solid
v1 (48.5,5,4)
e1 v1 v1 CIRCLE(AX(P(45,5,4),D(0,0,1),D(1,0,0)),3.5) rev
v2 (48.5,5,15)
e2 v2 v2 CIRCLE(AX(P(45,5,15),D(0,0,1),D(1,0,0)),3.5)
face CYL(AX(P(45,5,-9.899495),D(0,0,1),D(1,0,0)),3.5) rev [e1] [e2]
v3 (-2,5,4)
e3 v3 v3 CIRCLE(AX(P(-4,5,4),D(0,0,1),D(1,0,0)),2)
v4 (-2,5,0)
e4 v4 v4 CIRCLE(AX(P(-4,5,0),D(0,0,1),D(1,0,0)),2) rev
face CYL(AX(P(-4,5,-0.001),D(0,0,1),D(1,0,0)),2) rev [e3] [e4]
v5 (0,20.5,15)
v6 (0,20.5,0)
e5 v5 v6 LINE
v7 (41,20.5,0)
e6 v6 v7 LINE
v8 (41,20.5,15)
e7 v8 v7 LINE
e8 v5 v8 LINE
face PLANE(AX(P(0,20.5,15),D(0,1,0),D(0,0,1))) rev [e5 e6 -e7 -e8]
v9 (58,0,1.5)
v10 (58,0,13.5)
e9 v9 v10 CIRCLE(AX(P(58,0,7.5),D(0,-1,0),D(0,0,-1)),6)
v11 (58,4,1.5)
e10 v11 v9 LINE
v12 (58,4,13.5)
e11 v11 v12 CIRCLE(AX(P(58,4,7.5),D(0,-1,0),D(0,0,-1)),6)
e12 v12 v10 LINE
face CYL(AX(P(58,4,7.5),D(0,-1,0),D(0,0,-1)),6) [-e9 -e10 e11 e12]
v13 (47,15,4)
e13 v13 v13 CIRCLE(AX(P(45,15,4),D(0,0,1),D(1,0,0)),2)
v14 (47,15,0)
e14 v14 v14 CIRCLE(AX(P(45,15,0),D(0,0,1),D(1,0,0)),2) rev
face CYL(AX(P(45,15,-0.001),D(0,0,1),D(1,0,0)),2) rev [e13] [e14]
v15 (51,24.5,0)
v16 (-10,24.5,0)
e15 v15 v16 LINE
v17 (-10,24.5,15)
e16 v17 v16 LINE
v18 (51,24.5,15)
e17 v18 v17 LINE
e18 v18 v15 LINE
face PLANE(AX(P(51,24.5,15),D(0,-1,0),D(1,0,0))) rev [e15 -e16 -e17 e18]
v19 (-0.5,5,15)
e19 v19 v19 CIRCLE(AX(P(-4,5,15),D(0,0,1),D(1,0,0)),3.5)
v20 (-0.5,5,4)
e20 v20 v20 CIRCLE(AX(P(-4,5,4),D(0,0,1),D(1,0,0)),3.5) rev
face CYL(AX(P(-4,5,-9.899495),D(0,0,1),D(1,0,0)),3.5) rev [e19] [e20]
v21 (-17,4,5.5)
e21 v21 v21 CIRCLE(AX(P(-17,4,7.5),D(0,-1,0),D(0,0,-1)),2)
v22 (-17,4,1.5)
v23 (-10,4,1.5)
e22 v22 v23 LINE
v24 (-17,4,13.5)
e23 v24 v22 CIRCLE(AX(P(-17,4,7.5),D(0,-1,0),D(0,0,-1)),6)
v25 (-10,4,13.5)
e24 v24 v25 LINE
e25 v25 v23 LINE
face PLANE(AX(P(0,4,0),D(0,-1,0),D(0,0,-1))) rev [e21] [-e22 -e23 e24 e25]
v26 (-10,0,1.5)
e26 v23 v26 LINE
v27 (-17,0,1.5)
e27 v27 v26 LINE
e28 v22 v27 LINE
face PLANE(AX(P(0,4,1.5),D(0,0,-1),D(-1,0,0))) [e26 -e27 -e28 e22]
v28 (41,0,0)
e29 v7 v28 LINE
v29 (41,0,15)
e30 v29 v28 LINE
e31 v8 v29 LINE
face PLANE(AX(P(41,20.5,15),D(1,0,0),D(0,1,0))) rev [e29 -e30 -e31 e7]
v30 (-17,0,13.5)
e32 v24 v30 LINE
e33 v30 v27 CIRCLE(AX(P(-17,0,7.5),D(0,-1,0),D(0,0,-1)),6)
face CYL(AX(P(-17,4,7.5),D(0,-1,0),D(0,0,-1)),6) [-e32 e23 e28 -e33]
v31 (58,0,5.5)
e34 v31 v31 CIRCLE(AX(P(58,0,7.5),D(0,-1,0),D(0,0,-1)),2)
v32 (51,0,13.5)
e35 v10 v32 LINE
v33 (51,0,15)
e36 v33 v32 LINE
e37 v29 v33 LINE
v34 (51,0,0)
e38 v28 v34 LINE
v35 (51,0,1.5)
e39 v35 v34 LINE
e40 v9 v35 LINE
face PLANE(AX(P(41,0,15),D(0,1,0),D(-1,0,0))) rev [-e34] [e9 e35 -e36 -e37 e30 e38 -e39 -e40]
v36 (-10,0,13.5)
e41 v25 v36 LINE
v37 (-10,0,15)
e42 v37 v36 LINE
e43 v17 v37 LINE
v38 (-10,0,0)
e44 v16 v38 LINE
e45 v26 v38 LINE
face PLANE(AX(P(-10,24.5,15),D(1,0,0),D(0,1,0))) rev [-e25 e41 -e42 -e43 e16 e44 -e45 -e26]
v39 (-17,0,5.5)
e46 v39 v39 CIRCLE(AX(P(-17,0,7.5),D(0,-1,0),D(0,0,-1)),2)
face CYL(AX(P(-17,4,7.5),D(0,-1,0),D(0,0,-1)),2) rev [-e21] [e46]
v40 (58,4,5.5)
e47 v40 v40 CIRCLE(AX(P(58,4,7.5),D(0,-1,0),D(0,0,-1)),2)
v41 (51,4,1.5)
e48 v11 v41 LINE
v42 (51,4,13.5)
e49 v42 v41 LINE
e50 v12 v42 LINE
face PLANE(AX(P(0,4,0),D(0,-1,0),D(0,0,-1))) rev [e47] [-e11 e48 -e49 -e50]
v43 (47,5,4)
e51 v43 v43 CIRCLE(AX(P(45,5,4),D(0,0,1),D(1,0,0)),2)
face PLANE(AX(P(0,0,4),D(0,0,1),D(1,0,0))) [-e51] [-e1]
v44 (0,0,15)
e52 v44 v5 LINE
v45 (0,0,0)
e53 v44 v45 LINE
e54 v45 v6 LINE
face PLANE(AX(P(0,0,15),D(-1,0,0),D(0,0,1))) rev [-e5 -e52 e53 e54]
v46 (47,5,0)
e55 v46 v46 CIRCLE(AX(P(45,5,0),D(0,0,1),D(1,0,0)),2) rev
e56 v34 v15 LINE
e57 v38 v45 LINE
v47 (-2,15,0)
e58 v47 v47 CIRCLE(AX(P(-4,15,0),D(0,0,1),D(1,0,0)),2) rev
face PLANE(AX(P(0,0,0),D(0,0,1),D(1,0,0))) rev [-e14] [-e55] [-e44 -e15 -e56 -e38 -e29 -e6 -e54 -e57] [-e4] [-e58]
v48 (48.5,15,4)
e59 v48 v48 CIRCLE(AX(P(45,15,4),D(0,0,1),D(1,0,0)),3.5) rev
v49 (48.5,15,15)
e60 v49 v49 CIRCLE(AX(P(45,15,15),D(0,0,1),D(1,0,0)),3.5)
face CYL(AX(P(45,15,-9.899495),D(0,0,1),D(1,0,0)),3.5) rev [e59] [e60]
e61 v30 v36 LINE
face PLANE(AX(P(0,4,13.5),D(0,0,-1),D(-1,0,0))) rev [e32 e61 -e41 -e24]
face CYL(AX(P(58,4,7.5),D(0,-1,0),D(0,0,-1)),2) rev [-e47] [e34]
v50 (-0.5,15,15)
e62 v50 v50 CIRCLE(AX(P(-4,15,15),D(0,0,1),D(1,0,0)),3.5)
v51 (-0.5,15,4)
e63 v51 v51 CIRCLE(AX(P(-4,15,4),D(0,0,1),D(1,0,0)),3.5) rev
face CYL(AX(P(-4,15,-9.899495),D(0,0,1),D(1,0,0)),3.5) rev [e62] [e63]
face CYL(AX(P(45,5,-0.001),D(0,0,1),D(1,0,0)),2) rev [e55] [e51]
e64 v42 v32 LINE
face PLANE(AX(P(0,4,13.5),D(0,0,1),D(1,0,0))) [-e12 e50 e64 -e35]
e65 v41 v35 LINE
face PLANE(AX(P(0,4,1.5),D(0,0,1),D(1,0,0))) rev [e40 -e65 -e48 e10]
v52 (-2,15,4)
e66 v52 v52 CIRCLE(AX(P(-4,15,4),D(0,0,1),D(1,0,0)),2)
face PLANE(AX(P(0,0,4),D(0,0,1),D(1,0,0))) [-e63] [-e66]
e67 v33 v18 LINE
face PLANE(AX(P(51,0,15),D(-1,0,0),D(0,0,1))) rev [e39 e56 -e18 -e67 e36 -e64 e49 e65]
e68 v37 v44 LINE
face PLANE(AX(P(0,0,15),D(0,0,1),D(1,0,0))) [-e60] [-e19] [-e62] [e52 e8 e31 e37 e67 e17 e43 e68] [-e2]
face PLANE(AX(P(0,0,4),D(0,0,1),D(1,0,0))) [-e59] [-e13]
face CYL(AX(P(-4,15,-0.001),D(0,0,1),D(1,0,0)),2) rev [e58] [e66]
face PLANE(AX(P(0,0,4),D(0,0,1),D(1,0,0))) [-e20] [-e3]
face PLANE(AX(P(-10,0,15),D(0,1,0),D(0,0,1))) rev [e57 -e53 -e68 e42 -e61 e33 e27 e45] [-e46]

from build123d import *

# Parameters (mm, degrees)
BOSS_EXTRUDE1_DEPTH = 15
SKETCH2_R           = 3.5
CUT_EXTRUDE1_DEPTH  = 11
CUT_EXTRUDE2_REACH  = 59.639
SKETCH3_R           = 2
SKETCH4_R           = 2
BOSS_EXTRUDE5_DEPTH = 4


with BuildPart() as part:
    # Sketch1 → Boss-Extrude1 (new body)
    with BuildSketch(Plane.XY):
        Polygon((0, 0), (0, 20.5), (41, 20.5), (41, 0), (51, 0), (51, 24.5), (-10, 24.5), (-10, 0), align=None)
    extrude(amount=BOSS_EXTRUDE1_DEPTH)

    # Sketch2 → Cut-Extrude1 (cut)
    with BuildSketch(Plane.XY.offset(15)):
        with Locations((45, 5)):
            Circle(SKETCH2_R)
        with Locations((45, 15)):
            Circle(SKETCH2_R)
        with Locations((-4, 5)):
            Circle(SKETCH2_R)
        with Locations((-4, 15)):
            Circle(SKETCH2_R)
    extrude(amount=-CUT_EXTRUDE1_DEPTH, mode=Mode.SUBTRACT)

    # Sketch3 → Cut-Extrude2 (cut, up to next)
    with BuildSketch(Plane.XY.offset(4), mode=Mode.PRIVATE) as cut_extrude2_sk1:
        with Locations((-4, 15)):
            Circle(SKETCH3_R)
    cut_extrude2_tool1 = extrude(cut_extrude2_sk1.sketch, amount=-CUT_EXTRUDE2_REACH, mode=Mode.PRIVATE) & part.part
    # Sketch3 → Cut-Extrude2 (cut, up to next)
    with BuildSketch(Plane.XY.offset(4), mode=Mode.PRIVATE) as cut_extrude2_sk2:
        with Locations((-4, 5)):
            Circle(SKETCH3_R)
    cut_extrude2_tool2 = extrude(cut_extrude2_sk2.sketch, amount=-CUT_EXTRUDE2_REACH, mode=Mode.PRIVATE) & part.part
    # Sketch3 → Cut-Extrude2 (cut, up to next)
    with BuildSketch(Plane.XY.offset(4), mode=Mode.PRIVATE) as cut_extrude2_sk3:
        with Locations((45, 15)):
            Circle(SKETCH3_R)
    cut_extrude2_tool3 = extrude(cut_extrude2_sk3.sketch, amount=-CUT_EXTRUDE2_REACH, mode=Mode.PRIVATE) & part.part
    # Sketch3 → Cut-Extrude2 (cut, up to next)
    with BuildSketch(Plane.XY.offset(4), mode=Mode.PRIVATE) as cut_extrude2_sk4:
        with Locations((45, 5)):
            Circle(SKETCH3_R)
    cut_extrude2_tool4 = extrude(cut_extrude2_sk4.sketch, amount=-CUT_EXTRUDE2_REACH, mode=Mode.PRIVATE) & part.part
    add(cut_extrude2_tool1.solids().sort_by_distance((-4, 15, 4))[0], mode=Mode.SUBTRACT)
    add(cut_extrude2_tool2.solids().sort_by_distance((-4, 5, 4))[0], mode=Mode.SUBTRACT)
    add(cut_extrude2_tool3.solids().sort_by_distance((45, 15, 4))[0], mode=Mode.SUBTRACT)
    add(cut_extrude2_tool4.solids().sort_by_distance((45, 5, 4))[0], mode=Mode.SUBTRACT)

    # Sketch4 → Boss-Extrude5 (add)
    # profile 1 of 2: a face of its own
    with BuildSketch(Plane.XZ):
        with BuildLine():
            Line((51, 1.5), (58, 1.5))
            ThreePointArc((58, 1.5), (64, 7.5), (58, 13.5))
            Line((58, 13.5), (51, 13.5))
            Line((51, 13.5), (51, 1.5))
        make_face()
        with Locations(Location((58, 7.5, 0), (0, 0, 270))):
            Circle(SKETCH4_R, mode=Mode.SUBTRACT)
    # profile 2 of 2: a face of its own
    with BuildSketch(Plane.XZ):
        with BuildLine():
            ThreePointArc((-17, 13.5), (-23, 7.5), (-17, 1.5))
            Line((-17, 1.5), (-10, 1.5))
            Line((-10, 1.5), (-10, 13.5))
            Line((-10, 13.5), (-17, 13.5))
        make_face()
        with Locations(Location((-17, 7.5, 0), (0, 0, 270))):
            Circle(SKETCH4_R, mode=Mode.SUBTRACT)
    extrude(amount=-BOSS_EXTRUDE5_DEPTH)


solid = part.part
